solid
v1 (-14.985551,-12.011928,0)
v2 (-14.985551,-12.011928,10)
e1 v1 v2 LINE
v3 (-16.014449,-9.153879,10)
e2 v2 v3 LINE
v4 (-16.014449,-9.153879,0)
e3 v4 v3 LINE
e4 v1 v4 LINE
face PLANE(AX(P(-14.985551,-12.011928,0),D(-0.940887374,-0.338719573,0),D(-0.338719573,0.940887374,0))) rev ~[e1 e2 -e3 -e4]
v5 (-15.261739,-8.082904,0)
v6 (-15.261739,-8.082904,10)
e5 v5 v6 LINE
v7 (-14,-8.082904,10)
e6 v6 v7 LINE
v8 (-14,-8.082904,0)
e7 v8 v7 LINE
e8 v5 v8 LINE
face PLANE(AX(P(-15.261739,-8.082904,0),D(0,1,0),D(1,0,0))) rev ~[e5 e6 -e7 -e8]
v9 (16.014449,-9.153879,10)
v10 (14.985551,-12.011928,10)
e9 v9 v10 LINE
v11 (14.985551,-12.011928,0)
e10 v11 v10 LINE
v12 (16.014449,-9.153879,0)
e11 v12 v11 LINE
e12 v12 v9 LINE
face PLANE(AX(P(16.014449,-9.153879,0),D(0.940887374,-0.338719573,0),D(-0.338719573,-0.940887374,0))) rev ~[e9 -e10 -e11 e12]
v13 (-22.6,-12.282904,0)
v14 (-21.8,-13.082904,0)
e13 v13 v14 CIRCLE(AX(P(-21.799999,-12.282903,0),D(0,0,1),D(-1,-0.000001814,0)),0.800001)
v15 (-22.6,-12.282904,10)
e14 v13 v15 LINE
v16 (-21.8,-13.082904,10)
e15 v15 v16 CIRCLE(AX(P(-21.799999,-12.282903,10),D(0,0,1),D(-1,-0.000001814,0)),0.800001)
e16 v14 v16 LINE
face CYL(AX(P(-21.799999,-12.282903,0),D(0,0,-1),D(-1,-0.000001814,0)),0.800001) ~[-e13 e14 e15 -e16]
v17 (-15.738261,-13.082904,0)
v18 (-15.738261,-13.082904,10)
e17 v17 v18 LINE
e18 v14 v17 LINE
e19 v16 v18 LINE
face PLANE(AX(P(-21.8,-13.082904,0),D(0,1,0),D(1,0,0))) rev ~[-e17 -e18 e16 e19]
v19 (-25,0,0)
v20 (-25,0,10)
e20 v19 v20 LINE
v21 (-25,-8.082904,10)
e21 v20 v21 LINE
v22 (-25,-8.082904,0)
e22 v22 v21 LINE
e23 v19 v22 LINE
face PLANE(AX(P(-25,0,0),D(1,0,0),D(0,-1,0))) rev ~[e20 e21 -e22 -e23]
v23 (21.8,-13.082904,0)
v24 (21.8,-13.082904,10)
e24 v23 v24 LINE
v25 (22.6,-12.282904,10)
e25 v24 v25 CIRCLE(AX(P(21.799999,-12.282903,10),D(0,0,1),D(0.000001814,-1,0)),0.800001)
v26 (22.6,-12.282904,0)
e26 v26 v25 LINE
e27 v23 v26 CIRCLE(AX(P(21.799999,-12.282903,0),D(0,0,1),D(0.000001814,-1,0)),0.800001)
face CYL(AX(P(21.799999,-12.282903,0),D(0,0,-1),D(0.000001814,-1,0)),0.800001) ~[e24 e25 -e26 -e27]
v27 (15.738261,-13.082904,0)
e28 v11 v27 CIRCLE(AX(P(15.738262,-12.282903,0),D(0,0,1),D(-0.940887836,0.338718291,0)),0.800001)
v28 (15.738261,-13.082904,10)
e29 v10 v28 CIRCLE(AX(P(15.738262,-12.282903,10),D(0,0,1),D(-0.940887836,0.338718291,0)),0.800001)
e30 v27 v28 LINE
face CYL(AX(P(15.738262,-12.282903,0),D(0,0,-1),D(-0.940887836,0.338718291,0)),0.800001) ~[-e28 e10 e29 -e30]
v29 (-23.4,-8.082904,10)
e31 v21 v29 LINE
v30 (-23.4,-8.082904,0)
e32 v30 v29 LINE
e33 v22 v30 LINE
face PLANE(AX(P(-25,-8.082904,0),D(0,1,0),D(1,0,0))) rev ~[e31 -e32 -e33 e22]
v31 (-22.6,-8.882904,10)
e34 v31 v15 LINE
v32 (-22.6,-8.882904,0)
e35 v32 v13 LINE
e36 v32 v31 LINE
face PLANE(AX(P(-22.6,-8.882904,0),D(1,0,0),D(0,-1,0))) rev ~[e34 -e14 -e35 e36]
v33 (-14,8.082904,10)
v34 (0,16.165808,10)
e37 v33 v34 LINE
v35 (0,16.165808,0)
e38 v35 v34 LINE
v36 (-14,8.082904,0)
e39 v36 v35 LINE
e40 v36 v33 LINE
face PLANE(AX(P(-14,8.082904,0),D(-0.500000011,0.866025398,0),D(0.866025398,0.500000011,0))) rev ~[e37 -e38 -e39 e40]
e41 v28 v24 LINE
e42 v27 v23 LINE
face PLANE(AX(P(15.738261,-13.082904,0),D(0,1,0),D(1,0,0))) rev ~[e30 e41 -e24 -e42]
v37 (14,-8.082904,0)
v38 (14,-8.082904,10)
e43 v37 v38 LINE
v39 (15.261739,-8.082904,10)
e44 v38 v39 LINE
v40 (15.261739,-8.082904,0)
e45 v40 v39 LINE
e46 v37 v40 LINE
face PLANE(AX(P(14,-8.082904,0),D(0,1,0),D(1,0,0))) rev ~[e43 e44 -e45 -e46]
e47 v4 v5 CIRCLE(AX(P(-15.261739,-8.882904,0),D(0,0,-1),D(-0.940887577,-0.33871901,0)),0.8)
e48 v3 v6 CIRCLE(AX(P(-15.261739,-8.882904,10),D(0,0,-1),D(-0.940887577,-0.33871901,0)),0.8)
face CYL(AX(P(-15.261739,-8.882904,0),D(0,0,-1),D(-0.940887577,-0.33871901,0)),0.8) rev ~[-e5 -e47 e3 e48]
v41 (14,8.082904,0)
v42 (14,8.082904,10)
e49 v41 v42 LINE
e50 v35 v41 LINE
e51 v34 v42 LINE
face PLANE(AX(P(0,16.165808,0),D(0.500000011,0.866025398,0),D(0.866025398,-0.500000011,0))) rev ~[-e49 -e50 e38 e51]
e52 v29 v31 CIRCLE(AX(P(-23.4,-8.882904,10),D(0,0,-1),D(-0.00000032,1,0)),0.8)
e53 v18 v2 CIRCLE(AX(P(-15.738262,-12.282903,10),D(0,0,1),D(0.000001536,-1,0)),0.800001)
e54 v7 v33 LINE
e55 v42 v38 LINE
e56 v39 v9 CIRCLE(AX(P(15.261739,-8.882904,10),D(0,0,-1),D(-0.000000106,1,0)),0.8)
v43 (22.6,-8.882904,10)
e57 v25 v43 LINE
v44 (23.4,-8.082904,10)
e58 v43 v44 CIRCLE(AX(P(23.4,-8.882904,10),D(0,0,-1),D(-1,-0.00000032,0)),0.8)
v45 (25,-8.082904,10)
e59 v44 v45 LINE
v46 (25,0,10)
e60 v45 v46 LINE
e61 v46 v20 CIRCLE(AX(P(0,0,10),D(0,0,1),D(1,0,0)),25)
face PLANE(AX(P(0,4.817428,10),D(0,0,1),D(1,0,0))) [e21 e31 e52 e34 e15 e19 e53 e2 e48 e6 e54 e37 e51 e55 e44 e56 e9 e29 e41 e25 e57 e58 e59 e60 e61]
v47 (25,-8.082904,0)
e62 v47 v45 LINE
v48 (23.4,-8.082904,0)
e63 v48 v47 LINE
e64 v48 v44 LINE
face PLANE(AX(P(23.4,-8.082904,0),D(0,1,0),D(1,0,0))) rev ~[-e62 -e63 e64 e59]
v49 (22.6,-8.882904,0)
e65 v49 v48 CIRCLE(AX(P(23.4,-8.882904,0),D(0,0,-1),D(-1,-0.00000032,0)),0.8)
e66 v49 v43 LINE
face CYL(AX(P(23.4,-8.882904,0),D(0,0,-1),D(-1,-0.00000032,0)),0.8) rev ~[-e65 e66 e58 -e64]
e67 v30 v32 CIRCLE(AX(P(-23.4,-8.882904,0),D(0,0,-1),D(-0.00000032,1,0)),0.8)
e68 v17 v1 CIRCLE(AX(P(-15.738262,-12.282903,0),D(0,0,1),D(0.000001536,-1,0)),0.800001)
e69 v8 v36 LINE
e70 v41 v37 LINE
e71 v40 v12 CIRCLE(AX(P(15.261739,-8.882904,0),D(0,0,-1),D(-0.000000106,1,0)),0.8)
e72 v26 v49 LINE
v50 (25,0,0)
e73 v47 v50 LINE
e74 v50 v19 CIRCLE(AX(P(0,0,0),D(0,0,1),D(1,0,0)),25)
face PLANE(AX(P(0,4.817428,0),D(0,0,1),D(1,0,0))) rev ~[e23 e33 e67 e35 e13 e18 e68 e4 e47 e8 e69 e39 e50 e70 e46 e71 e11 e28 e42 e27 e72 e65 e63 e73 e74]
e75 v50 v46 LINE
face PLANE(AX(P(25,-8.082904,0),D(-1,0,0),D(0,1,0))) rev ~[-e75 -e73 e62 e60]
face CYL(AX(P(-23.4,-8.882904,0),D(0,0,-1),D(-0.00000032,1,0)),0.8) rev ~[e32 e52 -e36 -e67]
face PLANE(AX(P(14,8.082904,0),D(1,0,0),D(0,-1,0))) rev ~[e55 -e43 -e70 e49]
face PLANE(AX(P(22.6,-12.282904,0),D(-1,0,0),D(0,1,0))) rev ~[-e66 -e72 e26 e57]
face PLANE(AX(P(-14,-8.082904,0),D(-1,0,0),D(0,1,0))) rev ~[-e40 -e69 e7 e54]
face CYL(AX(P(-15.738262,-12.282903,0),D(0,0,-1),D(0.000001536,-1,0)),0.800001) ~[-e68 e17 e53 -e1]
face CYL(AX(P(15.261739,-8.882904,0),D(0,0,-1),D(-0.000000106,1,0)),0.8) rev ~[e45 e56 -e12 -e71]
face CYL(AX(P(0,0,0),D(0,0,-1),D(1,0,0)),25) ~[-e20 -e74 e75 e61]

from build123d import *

# Parameters (mm, degrees)
F1_DEPTH = 10


with BuildPart() as f1:
    # F0 (on Top) → F1 (new body)
    with BuildSketch(Plane.XY):
        with BuildLine():
            Line((0, 16.165808), (14, 8.082904))
            Line((14, 8.082904), (14, -8.082904))
            Line((14, -8.082904), (15.261739, -8.082904))
            ThreePointArc((15.261739, -8.082904), (15.916254, -8.422893), (16.014449, -9.153879))
            Line((16.014449, -9.153879), (14.985551, -12.011928))
            ThreePointArc((14.985551, -12.011928), (15.083746, -12.742914), (15.738261, -13.082904))
            Line((15.738261, -13.082904), (21.8, -13.082904))
            ThreePointArc((21.8, -13.082904), (22.365685, -12.848589), (22.6, -12.282904))
            Line((22.6, -12.282904), (22.6, -8.882904))
            ThreePointArc((22.6, -8.882904), (22.834315, -8.317218), (23.4, -8.082904))
            Line((23.4, -8.082904), (25, -8.082904))
            Line((25, -8.082904), (25, -7.882904))
            Line((25, -7.882904), (25, 0))
            ThreePointArc((25, 0), (0, 25), (-25, 0))
            Line((-25, 0), (-25, -7.882904))
            Line((-25, -7.882904), (-25, -8.082904))
            Line((-25, -8.082904), (-23.4, -8.082904))
            ThreePointArc((-23.4, -8.082904), (-22.834315, -8.317218), (-22.6, -8.882904))
            Line((-22.6, -8.882904), (-22.6, -12.282904))
            ThreePointArc((-22.6, -12.282904), (-22.365685, -12.848589), (-21.8, -13.082904))
            Line((-21.8, -13.082904), (-15.738261, -13.082904))
            ThreePointArc((-15.738261, -13.082904), (-15.083746, -12.742914), (-14.985551, -12.011928))
            Line((-14.985551, -12.011928), (-16.014449, -9.153879))
            ThreePointArc((-16.014449, -9.153879), (-15.916254, -8.422893), (-15.261739, -8.082904))
            Line((-15.261739, -8.082904), (-14, -8.082904))
            Line((-14, -8.082904), (-14, 8.082904))
            Line((-14, 8.082904), (0, 16.165808))
        make_face()
    extrude(amount=F1_DEPTH)


solid = f1.part
